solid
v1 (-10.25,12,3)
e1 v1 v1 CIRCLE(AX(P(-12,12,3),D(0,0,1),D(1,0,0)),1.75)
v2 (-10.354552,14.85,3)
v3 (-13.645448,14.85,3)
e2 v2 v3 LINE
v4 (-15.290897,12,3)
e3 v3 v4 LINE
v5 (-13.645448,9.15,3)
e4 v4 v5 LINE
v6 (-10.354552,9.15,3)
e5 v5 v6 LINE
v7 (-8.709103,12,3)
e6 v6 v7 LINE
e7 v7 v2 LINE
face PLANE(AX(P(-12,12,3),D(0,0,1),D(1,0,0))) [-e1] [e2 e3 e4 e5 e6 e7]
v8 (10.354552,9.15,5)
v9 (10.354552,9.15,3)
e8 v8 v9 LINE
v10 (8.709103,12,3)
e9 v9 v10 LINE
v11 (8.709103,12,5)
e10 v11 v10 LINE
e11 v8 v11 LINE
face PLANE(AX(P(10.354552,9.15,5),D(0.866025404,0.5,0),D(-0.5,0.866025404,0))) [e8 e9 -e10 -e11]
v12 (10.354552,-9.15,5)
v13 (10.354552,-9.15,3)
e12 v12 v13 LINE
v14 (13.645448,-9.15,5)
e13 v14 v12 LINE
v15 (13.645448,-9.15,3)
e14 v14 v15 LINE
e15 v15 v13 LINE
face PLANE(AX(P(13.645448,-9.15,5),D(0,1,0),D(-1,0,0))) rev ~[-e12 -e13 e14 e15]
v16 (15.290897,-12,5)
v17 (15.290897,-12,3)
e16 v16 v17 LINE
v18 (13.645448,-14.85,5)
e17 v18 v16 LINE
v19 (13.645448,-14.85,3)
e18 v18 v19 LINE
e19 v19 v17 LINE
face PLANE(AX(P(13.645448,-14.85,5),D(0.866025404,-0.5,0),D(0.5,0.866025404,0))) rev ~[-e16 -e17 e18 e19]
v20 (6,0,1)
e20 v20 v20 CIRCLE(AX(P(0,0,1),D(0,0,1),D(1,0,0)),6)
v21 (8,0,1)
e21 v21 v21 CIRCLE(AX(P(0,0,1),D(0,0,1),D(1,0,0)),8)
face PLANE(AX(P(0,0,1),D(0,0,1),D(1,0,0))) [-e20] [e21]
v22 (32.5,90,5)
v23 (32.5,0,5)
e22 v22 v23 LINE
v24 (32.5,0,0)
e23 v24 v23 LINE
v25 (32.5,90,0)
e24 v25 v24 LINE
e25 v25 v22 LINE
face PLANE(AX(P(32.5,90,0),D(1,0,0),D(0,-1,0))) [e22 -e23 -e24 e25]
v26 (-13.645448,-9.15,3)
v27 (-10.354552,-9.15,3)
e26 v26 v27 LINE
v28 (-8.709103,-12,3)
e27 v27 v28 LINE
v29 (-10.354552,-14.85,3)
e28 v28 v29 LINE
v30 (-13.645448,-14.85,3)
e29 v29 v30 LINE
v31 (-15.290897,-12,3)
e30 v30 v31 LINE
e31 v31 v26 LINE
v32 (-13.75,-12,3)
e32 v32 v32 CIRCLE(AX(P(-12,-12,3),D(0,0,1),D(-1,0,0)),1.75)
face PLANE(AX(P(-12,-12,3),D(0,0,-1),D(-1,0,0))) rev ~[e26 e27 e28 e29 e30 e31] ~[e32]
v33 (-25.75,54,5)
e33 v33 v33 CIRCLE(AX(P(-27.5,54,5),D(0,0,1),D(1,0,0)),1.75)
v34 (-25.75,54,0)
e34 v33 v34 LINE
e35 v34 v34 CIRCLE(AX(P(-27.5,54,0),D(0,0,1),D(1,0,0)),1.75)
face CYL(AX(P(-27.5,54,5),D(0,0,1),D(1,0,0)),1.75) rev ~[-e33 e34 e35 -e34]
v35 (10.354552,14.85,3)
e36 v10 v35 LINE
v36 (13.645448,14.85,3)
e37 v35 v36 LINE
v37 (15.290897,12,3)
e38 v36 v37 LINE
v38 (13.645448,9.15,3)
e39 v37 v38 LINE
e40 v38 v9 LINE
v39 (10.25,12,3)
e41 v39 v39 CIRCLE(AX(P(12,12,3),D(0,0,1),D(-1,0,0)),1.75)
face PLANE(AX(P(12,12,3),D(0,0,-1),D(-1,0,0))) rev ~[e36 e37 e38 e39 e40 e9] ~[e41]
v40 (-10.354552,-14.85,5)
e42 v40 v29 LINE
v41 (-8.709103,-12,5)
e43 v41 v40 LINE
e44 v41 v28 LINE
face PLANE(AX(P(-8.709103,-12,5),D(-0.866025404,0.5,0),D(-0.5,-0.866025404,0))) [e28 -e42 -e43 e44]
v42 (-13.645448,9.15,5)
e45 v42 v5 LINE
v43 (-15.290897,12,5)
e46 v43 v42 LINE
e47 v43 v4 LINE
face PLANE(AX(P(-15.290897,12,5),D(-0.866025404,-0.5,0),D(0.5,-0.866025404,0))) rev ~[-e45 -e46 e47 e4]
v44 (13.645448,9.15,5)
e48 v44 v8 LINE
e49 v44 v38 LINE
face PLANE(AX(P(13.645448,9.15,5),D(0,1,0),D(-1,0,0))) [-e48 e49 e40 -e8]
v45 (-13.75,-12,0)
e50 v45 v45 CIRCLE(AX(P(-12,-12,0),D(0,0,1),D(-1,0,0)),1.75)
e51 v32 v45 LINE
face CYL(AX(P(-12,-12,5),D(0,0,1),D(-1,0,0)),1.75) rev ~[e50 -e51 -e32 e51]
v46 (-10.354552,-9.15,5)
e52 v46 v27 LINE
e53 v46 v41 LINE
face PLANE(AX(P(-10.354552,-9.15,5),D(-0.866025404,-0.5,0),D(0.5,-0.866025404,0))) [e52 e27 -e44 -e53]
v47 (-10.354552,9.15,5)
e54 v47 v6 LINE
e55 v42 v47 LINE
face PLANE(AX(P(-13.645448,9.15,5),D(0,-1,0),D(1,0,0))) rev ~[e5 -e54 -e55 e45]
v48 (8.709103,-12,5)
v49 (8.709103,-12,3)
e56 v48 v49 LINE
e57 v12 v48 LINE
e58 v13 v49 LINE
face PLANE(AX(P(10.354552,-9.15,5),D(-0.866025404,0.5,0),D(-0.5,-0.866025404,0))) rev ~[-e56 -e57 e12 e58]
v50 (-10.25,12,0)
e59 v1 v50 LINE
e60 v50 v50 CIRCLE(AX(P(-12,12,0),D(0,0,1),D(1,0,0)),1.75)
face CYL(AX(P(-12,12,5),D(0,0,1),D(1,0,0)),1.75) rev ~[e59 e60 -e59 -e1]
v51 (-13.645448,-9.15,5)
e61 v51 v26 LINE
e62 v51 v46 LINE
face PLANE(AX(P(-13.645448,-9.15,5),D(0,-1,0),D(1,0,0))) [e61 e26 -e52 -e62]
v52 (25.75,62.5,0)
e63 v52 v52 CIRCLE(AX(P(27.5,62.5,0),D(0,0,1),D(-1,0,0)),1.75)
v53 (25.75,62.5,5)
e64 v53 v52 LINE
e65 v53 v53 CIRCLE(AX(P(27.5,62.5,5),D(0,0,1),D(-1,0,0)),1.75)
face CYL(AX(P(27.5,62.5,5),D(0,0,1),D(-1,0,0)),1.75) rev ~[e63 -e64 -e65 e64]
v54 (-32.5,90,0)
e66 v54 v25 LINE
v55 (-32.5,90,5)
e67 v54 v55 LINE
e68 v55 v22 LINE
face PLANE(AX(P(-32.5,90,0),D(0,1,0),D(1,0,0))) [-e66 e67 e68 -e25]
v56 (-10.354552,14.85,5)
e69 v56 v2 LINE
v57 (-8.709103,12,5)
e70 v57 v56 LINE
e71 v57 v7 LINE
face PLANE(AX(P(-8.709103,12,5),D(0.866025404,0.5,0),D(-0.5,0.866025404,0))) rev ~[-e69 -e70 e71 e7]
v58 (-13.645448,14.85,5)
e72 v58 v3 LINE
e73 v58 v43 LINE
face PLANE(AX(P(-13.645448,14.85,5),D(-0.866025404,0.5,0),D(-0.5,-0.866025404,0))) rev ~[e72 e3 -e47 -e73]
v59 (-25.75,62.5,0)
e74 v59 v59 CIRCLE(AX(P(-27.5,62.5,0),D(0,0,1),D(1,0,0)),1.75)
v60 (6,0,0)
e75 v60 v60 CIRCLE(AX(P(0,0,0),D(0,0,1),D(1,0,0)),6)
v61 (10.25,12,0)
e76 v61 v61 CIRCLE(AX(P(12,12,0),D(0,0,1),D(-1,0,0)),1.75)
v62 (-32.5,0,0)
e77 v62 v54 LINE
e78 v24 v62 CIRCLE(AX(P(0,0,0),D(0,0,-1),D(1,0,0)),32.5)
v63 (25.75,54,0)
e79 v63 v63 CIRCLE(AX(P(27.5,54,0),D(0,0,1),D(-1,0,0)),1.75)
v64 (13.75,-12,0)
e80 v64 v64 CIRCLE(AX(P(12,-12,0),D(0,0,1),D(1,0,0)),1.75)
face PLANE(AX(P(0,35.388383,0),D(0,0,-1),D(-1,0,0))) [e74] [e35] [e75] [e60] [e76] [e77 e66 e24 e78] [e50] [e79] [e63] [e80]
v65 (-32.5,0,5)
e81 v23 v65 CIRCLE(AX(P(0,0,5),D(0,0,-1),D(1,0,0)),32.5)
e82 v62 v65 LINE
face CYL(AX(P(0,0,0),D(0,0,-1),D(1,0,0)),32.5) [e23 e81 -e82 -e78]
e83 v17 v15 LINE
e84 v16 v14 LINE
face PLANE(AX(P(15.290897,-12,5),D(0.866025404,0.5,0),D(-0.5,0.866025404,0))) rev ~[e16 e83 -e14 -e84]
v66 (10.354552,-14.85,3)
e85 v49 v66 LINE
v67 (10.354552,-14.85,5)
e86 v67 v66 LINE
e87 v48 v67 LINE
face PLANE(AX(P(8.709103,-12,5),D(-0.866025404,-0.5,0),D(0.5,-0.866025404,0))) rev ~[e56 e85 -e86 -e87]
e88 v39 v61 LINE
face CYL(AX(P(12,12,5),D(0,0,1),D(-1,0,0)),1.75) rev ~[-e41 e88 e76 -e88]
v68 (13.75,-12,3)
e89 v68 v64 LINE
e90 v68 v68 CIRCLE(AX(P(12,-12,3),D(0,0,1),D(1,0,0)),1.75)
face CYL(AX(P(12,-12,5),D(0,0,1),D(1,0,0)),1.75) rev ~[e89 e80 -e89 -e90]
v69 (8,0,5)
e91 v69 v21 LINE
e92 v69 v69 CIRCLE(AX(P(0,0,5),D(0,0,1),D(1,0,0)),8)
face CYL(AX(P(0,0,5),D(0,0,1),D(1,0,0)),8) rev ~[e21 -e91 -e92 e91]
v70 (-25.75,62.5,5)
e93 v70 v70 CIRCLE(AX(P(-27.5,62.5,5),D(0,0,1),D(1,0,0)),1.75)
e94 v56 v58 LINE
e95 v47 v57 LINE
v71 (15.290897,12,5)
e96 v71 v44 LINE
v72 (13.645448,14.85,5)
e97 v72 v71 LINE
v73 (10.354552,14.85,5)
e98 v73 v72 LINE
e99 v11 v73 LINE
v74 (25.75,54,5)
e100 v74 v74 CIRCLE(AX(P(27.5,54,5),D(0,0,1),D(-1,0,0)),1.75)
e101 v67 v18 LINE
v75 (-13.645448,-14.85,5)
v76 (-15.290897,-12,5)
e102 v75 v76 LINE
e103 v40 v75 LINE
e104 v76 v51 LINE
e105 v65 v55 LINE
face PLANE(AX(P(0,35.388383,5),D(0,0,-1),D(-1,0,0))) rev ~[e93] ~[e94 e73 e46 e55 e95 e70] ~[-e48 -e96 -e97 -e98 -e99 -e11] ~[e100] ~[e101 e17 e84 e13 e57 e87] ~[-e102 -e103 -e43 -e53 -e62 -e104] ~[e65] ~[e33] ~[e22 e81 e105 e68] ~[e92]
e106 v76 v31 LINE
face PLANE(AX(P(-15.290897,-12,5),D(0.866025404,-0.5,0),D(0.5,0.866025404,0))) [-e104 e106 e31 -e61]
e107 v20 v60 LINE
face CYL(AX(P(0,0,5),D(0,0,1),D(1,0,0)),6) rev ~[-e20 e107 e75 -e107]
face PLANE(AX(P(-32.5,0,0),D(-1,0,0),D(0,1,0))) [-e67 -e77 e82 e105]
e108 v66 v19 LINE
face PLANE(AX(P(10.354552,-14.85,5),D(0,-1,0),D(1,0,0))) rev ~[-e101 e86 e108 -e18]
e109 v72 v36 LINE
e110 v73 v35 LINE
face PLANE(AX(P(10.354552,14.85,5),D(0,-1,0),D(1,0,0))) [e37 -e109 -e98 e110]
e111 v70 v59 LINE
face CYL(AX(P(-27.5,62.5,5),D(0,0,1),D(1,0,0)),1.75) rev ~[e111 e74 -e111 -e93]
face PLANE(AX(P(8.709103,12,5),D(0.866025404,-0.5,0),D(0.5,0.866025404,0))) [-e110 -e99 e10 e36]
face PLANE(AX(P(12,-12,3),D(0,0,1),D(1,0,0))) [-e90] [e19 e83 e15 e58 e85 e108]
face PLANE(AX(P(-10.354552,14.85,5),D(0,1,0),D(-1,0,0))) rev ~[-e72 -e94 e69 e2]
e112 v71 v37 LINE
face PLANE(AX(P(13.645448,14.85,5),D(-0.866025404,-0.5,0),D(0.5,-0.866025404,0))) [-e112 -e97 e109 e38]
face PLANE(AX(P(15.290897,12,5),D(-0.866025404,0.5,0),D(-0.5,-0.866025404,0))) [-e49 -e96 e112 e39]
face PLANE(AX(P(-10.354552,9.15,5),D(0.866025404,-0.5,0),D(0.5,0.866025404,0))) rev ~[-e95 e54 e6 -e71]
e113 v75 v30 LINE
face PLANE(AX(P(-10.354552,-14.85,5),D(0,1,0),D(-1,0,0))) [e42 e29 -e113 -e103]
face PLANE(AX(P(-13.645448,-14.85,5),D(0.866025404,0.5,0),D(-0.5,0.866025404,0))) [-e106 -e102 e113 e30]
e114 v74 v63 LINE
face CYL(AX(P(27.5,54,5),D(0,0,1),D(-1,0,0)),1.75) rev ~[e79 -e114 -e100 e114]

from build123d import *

# Parameters (mm, degrees)
BOSS_EXTRUDE1_DEPTH = 5
SKETCH2_R           = 6
CUT_EXTRUDE1_DEPTH  = 96.818839484
SKETCH3_R           = 8
CUT_EXTRUDE2_DEPTH  = 4
SKETCH4_R           = 1.75
CUT_EXTRUDE3_DEPTH  = 96.818839484
CUT_EXTRUDE4_DEPTH  = 2
SKETCH6_R           = 1.75
CUT_EXTRUDE5_DEPTH  = 96.818839484


with BuildPart() as part:
    # Sketch1 → Boss-Extrude1 (new body)
    with BuildSketch(Plane.XY):
        with BuildLine():
            Line((-32.5, 0), (-32.5, 90))
            Line((-32.5, 90), (32.5, 90))
            Line((32.5, 90), (32.5, 0))
            ThreePointArc((32.5, 0), (0, -32.5), (-32.5, 0))
        make_face()
    extrude(amount=BOSS_EXTRUDE1_DEPTH)

    # Sketch2 → Cut-Extrude1 (cut, through all)
    with BuildSketch(Plane.XY.offset(5)):
        Circle(SKETCH2_R)
    extrude(amount=-CUT_EXTRUDE1_DEPTH, mode=Mode.SUBTRACT)

    # Sketch3 → Cut-Extrude2 (cut)
    with BuildSketch(Plane.XY.offset(5)):
        Circle(SKETCH3_R)
    extrude(amount=-CUT_EXTRUDE2_DEPTH, mode=Mode.SUBTRACT)

    # Sketch4 → Cut-Extrude3 (cut, through all)
    with BuildSketch(Plane.XY.offset(5)):
        with Locations((-12, 12)):
            Circle(SKETCH4_R)
        with Locations(Location((12, 12, 0), (0, 0, 180))):
            Circle(SKETCH4_R)
        with Locations((12, -12)):
            Circle(SKETCH4_R)
        with Locations(Location((-12, -12, 0), (0, 0, 180))):
            Circle(SKETCH4_R)
    extrude(amount=-CUT_EXTRUDE3_DEPTH, mode=Mode.SUBTRACT)

    # Sketch5 → Cut-Extrude4 (cut)
    with BuildSketch(Plane.XY.offset(5)):
        Polygon((-8.709103466, 12), (-10.354551733, 14.85), (-13.645448267, 14.85), (-15.290896534, 12), (-13.645448267, 9.15), (-10.354551733, 9.15), align=None)
        Polygon((10.354551733, 9.15), (8.709103466, 12), (10.354551733, 14.85), (13.645448267, 14.85), (15.290896534, 12), (13.645448267, 9.15), align=None)
        Polygon((8.709103466, -12), (10.354551733, -14.85), (13.645448267, -14.85), (15.290896534, -12), (13.645448267, -9.15), (10.354551733, -9.15), align=None)
        Polygon((-10.354551733, -9.15), (-8.709103466, -12), (-10.354551733, -14.85), (-13.645448267, -14.85), (-15.290896534, -12), (-13.645448267, -9.15), align=None)
    extrude(amount=-CUT_EXTRUDE4_DEPTH, mode=Mode.SUBTRACT)

    # Sketch6 → Cut-Extrude5 (cut, through all)
    with BuildSketch(Plane.XY.offset(5)):
        with Locations((-27.5, 62.5)):
            Circle(SKETCH6_R)
        with Locations((-27.5, 54)):
            Circle(SKETCH6_R)
        with Locations(Location((27.5, 54, 0), (0, 0, 180))):
            Circle(SKETCH6_R)
        with Locations(Location((27.5, 62.5, 0), (0, 0, 180))):
            Circle(SKETCH6_R)
    extrude(amount=-CUT_EXTRUDE5_DEPTH, mode=Mode.SUBTRACT)


solid = part.part
